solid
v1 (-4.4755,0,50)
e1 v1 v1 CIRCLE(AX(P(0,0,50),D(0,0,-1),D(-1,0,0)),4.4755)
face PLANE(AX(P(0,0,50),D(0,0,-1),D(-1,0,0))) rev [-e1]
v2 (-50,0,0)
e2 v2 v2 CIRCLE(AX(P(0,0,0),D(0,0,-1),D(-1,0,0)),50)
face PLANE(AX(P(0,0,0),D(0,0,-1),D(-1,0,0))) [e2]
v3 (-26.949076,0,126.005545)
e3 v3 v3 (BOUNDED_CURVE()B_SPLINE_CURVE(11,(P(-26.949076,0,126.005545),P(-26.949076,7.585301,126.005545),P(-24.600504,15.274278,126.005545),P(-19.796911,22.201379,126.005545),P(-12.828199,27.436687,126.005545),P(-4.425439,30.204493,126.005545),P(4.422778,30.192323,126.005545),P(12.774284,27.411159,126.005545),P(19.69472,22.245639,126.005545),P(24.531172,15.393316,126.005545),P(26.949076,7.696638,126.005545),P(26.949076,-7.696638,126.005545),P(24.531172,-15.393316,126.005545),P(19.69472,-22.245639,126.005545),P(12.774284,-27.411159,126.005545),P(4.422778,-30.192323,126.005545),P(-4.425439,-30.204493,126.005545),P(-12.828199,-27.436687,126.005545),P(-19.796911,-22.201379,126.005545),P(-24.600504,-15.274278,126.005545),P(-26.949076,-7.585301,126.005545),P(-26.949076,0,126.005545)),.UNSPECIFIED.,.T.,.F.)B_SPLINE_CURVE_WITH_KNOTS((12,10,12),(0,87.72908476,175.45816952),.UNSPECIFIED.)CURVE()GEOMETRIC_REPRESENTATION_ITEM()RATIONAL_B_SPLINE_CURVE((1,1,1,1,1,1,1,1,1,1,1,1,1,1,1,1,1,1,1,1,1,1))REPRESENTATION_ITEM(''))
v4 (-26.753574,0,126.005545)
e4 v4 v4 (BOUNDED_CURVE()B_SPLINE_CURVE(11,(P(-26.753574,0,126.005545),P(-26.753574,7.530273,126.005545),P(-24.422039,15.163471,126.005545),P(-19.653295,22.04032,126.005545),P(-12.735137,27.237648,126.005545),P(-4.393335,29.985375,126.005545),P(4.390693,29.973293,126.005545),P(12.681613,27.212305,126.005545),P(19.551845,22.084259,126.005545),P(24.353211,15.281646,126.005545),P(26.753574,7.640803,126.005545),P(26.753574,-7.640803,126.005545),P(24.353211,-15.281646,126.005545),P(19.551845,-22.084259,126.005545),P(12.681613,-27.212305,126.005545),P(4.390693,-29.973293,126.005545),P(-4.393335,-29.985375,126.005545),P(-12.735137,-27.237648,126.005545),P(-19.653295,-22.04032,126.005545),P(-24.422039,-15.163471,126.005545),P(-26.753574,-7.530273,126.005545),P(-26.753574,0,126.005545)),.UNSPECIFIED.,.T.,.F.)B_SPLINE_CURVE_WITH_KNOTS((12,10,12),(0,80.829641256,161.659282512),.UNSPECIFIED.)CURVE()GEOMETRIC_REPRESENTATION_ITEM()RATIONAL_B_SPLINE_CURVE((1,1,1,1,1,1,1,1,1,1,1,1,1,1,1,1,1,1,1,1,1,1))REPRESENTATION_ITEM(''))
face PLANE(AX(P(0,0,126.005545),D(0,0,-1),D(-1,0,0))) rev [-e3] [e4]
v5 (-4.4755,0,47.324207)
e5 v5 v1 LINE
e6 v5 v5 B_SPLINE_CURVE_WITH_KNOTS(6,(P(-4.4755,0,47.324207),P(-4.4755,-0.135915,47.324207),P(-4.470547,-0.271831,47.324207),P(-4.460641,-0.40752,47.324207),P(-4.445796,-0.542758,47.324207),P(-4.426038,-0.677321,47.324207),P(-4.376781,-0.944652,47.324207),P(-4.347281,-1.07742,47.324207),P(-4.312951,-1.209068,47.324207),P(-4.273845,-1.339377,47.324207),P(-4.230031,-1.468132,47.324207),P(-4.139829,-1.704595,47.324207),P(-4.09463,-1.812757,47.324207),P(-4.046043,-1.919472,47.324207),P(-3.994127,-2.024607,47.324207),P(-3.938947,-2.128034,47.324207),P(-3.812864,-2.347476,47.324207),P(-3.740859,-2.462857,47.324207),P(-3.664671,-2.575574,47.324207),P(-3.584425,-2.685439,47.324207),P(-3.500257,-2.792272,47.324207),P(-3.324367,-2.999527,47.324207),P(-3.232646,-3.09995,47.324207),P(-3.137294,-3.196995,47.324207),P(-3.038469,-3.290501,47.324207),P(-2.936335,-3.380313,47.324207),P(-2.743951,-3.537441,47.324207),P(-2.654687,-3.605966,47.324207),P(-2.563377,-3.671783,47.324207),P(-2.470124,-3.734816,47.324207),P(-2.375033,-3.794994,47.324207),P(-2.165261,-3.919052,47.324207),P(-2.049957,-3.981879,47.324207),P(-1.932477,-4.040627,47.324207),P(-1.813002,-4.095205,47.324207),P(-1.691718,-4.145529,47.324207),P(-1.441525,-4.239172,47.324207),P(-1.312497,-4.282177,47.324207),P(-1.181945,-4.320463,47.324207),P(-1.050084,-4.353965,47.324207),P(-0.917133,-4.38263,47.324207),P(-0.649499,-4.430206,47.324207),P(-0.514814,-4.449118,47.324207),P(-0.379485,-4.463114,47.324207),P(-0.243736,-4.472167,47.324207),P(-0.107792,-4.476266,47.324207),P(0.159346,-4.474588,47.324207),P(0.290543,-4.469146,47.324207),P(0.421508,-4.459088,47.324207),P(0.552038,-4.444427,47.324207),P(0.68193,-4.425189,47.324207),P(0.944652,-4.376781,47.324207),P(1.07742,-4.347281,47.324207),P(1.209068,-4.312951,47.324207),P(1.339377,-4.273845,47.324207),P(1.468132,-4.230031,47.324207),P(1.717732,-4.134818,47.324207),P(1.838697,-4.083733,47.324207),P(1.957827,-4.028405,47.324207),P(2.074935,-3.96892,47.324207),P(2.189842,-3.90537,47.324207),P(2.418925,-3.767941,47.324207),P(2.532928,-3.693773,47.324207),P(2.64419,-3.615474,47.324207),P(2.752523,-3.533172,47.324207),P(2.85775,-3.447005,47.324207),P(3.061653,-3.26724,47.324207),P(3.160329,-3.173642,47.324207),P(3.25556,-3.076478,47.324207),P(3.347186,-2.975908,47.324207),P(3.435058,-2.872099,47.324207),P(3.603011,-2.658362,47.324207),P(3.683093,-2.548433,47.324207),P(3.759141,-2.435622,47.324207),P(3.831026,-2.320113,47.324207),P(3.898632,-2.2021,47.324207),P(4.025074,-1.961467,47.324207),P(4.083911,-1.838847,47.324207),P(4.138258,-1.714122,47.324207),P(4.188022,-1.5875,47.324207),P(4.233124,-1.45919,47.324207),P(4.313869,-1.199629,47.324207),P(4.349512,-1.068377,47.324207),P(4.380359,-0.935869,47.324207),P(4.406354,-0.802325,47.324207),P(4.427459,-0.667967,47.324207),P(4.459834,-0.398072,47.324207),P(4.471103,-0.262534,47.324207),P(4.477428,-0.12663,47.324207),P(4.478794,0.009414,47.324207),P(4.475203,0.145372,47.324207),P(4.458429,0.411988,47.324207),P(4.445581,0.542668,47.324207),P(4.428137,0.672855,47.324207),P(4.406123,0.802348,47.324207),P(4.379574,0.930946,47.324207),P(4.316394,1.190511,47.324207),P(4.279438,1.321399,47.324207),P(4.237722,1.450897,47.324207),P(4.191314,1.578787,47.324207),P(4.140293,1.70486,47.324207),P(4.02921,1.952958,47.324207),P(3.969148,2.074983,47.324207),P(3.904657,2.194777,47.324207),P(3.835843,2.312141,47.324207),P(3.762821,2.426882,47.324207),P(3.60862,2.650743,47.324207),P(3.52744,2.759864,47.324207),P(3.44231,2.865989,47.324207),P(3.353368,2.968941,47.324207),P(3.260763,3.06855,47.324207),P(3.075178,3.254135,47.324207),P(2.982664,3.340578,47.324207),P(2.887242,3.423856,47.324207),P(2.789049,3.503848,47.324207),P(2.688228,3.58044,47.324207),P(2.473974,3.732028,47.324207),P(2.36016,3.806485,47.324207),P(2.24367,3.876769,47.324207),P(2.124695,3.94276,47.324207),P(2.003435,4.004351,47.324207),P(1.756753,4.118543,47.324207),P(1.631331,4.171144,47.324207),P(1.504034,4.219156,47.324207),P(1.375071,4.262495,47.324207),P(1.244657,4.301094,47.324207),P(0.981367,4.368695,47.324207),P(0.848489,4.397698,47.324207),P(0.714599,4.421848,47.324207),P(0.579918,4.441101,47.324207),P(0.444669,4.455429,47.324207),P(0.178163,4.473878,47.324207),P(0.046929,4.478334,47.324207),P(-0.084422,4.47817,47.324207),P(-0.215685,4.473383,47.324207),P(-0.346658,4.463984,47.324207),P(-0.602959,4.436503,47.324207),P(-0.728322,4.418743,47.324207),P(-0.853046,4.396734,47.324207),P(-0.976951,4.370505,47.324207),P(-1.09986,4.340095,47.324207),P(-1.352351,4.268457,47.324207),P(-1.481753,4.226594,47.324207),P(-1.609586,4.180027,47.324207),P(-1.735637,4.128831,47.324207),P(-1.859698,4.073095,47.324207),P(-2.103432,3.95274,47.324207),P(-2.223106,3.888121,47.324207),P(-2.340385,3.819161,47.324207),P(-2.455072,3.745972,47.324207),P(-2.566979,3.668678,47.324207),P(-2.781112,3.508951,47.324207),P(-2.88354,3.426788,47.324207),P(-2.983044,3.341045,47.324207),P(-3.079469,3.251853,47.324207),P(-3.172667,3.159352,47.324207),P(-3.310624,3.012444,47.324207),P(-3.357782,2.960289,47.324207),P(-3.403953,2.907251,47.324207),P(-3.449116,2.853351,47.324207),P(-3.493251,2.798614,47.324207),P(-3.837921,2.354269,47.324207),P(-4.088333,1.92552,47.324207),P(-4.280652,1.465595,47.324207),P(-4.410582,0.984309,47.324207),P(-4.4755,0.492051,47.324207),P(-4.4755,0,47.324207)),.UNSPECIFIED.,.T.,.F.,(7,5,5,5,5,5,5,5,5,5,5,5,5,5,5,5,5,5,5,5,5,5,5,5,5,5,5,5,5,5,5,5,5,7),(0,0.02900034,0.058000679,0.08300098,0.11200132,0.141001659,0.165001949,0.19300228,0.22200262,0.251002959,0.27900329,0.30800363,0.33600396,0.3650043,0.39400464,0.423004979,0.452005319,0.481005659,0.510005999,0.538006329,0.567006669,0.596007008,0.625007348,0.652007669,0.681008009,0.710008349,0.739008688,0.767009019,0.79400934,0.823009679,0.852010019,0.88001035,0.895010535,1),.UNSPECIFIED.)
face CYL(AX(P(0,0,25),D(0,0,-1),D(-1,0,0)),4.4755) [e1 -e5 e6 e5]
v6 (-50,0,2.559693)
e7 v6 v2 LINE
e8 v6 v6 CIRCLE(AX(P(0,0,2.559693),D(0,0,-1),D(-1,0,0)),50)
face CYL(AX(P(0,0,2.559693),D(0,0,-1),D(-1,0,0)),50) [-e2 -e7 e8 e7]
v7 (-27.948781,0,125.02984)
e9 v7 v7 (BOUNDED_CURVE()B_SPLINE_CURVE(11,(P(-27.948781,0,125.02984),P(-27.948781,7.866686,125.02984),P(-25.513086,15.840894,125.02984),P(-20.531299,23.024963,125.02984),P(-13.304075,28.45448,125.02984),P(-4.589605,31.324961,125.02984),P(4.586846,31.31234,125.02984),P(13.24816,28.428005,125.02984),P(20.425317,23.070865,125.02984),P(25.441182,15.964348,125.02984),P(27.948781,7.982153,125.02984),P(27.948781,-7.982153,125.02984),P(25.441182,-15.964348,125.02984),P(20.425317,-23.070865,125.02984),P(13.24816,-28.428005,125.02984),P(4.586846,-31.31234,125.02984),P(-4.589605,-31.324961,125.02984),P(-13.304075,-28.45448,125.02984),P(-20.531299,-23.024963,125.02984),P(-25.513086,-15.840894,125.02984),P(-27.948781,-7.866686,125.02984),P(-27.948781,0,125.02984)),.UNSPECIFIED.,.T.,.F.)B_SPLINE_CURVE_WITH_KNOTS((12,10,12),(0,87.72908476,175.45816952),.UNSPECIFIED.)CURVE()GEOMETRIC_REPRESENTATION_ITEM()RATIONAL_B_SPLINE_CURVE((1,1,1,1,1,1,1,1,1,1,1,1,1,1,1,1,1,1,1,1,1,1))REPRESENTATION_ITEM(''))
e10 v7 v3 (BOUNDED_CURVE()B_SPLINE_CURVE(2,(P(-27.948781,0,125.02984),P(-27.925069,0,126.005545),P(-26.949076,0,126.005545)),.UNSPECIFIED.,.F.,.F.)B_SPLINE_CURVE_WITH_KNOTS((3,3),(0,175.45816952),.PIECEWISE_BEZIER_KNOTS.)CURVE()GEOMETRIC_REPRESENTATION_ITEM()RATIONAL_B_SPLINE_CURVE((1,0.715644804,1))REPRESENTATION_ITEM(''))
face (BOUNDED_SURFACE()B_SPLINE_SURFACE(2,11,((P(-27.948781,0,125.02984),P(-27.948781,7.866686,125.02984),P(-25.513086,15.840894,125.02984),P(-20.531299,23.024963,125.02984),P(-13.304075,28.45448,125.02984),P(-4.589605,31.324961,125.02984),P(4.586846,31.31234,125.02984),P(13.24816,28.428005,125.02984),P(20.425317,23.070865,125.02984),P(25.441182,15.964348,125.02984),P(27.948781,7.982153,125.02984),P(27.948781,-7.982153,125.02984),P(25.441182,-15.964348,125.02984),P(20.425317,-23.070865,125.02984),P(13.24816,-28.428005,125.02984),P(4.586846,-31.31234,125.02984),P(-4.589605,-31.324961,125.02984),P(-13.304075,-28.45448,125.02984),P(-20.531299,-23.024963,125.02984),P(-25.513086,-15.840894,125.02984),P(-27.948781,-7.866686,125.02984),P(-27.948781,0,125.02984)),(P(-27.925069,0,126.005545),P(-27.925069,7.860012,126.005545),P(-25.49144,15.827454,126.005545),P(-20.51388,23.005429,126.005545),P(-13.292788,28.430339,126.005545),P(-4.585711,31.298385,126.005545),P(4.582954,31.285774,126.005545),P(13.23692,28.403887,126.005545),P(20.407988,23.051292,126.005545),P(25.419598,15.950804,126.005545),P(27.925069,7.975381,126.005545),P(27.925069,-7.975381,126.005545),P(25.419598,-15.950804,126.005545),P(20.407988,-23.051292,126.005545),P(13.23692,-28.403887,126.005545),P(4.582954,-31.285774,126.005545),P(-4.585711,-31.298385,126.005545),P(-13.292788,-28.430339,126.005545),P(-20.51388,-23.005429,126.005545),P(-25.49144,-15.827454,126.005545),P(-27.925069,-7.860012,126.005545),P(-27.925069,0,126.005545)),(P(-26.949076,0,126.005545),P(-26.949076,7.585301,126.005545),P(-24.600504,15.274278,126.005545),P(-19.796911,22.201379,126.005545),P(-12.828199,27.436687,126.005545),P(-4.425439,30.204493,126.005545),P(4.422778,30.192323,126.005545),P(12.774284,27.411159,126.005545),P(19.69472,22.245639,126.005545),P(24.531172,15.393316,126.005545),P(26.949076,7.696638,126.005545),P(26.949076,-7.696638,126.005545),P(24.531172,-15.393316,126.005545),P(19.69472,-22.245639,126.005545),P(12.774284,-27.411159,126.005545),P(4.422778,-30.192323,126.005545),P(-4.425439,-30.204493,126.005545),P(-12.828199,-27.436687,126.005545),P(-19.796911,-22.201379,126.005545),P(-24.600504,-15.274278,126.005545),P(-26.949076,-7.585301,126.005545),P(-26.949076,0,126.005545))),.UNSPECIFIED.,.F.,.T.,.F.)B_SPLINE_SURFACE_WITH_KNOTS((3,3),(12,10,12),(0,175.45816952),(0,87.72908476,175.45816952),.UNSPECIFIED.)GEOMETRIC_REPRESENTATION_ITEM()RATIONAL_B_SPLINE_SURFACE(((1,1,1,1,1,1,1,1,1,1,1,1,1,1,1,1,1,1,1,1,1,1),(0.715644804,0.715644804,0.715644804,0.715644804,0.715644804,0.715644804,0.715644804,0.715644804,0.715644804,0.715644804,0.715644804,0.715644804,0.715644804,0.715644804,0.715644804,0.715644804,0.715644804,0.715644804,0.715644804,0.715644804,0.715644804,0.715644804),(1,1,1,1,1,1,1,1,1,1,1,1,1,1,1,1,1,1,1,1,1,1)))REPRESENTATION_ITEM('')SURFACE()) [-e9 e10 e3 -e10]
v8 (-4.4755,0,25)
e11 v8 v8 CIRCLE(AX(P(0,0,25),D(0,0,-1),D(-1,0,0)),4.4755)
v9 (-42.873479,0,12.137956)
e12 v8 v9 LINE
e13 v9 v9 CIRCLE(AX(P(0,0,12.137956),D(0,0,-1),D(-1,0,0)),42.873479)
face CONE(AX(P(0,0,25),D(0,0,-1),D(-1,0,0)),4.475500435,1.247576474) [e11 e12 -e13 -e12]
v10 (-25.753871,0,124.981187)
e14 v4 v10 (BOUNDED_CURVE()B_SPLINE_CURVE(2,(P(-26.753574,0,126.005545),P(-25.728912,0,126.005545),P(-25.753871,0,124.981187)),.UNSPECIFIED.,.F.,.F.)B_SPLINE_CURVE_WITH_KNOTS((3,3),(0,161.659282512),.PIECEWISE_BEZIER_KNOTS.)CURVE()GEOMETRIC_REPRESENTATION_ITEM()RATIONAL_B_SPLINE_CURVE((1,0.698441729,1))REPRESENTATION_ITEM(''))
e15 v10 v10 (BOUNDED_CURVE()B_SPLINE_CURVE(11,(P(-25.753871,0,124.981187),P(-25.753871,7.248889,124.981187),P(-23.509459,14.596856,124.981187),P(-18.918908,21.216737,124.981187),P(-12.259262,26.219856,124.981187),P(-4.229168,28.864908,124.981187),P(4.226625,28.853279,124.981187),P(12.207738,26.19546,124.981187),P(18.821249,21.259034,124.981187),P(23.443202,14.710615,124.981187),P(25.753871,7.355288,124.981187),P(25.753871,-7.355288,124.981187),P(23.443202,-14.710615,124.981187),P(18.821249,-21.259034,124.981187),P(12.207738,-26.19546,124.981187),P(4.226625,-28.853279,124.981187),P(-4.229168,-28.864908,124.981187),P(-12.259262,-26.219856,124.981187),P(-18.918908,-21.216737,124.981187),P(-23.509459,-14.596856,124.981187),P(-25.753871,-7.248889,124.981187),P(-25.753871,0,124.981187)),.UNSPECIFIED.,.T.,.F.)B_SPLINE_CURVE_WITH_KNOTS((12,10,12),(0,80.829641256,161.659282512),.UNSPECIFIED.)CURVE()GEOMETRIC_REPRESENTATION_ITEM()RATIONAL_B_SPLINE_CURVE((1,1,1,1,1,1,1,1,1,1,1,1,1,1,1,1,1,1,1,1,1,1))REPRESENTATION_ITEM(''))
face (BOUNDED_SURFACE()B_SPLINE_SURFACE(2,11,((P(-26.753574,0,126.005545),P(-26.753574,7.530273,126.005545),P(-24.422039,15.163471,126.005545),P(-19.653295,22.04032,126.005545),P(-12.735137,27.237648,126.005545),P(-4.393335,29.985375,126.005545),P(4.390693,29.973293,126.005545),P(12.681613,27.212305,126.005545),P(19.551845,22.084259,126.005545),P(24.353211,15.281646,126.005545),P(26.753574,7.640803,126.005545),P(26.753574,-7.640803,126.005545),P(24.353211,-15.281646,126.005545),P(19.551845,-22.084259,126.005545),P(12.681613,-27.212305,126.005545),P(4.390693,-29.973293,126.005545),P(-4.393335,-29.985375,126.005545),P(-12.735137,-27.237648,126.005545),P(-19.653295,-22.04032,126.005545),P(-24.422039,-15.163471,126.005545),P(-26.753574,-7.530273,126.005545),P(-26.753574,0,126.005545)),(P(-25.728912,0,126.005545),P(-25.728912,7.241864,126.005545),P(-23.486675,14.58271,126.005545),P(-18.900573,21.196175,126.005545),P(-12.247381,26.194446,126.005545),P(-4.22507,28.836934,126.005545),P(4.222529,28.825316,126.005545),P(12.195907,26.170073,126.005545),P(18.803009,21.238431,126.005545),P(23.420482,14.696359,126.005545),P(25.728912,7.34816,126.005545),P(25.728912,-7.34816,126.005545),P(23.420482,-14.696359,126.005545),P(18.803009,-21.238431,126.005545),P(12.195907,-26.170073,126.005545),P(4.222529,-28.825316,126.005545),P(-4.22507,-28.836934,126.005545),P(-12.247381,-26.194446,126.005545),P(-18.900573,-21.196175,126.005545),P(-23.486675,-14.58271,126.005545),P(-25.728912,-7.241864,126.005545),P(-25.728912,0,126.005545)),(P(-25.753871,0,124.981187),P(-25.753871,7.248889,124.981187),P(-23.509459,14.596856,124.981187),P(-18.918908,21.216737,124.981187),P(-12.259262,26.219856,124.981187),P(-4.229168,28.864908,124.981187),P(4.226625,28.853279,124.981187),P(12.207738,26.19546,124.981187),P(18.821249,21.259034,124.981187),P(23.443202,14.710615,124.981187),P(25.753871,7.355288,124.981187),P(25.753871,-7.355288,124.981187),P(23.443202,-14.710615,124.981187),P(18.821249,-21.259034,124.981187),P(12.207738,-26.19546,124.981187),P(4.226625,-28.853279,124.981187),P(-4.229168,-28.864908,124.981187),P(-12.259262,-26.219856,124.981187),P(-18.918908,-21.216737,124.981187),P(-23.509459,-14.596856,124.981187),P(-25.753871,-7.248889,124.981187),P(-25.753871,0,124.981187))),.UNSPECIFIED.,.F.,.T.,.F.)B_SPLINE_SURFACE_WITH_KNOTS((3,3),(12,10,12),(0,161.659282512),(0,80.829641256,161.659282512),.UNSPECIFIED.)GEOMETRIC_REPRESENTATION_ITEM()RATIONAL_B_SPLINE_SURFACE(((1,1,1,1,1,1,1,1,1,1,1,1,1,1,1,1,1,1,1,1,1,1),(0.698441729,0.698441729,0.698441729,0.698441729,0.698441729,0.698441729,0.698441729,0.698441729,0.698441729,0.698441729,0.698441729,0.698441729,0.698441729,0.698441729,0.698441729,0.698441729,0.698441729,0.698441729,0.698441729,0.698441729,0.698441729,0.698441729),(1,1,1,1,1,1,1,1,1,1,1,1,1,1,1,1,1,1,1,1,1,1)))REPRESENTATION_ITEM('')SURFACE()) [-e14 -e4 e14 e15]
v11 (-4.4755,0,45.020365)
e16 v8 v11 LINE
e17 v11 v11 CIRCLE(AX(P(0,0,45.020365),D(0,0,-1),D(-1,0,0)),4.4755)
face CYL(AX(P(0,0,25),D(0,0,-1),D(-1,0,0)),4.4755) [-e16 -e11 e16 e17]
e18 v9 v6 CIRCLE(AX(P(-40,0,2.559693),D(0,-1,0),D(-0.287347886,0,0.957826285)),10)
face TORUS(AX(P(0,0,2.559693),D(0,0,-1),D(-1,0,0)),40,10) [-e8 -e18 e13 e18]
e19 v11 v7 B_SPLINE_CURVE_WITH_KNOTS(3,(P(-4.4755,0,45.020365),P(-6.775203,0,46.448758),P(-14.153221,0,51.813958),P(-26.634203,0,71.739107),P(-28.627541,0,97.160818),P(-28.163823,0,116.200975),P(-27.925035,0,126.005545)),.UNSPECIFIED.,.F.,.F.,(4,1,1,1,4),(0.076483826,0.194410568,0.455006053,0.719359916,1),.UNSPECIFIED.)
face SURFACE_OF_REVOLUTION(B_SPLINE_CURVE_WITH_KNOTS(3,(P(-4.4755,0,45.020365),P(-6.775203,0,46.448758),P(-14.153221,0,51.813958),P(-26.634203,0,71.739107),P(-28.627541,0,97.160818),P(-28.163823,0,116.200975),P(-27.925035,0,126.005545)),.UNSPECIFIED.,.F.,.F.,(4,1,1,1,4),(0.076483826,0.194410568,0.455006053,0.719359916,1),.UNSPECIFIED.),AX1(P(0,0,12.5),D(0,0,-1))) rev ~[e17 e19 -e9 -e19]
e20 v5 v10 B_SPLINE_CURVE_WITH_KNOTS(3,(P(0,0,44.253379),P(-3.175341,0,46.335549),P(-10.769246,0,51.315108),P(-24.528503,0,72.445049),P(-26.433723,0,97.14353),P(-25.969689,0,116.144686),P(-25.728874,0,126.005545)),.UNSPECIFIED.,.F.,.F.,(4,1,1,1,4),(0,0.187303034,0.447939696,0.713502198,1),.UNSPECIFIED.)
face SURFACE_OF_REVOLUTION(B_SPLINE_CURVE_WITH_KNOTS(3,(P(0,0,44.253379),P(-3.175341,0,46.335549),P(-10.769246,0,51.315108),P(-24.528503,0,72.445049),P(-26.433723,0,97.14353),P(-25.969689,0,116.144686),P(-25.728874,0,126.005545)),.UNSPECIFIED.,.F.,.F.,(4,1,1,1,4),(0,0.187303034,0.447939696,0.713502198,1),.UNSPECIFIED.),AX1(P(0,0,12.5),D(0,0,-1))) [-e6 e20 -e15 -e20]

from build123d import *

# Parameters (mm, degrees)
F2_DEPTH = 25
F4_R     = 1


with BuildPart() as f1:
    # F0 (on Front) → F1 (revolve)
    with BuildSketch(Plane.XZ):
        with BuildLine():
            Line((-50, 0), (0, 0))
            Line((0, 0), (0, 25))
            Line((0, 25), (-4.4755004346, 25))
            Line((-4.4755004346, 25), (-42.8734788557, 12.1379563433))
            ThreePointArc((-42.8734788557, 12.1379563433), (-48.0229292829, 8.5289987875), (-50, 2.5596934911))
            Line((-50, 2.5596934911), (-50, 0))
        make_face()
    revolve(axis=Axis((0, 0, 12.5), (0, 0, -1)))

    # F2 (add): a face of the model
    f2_faces = [f1.faces().sort_by_distance(p)[0] for p in [
        (0, 0, 25),
    ]]
    extrude(f2_faces, amount=F2_DEPTH)

    # F0 (on Front) → F3 (revolve)
    with BuildSketch(Plane.XZ):
        with BuildLine():
            Line((-50, 0), (0, 0))
            Line((0, 0), (0, 25))
            Line((0, 25), (-4.4755004346, 25))
            Line((-4.4755004346, 25), (-42.8734788557, 12.1379563433))
            ThreePointArc((-42.8734788557, 12.1379563433), (-48.0229292829, 8.5289987875), (-50, 2.5596934911))
            Line((-50, 2.5596934911), (-50, 0))
        make_face()
        with BuildLine():
            Line((-4.4755004346, 25), (0, 25))
            Line((0, 25), (0, 42.4456484616))
            add(Edge.make_bspline(
                [(0, 42.4456484616), (-1.4919902335, 43.2697997935), (-2.983980467, 44.0939511254), (-4.4755004346, 45.0203647819)],
                knots=[0, 0, 0, 0, 0.0764838264, 0.0764838264, 0.0764838264, 0.0764838264], degree=3))
            Line((-4.4755004346, 45.0203647819), (-4.4755004346, 25))
        make_face()
        with BuildLine():
            add(Edge.make_bspline(
                [(0, 42.4456484616), (-1.4919902335, 43.2697997935), (-2.983980467, 44.0939511254), (-4.4755004346, 45.0203647819)],
                knots=[0, 0, 0, 0, 0.0764838264, 0.0764838264, 0.0764838264, 0.0764838264], degree=3))
            Line((0, 42.4456484616), (0, 44.2533791065))
            add(Edge.make_bspline(
                [(0, 44.2533791065), (-3.1753411774, 46.3355490679), (-10.7692457317, 51.3151084504), (-24.5285032708, 72.4450488124), (-26.4337229746, 97.1435303304), (-25.9696893112, 116.1446855624), (-25.7288739085, 126.0055452585)],
                knots=[0, 0, 0, 0, 0.1873030339, 0.4479396962, 0.7135021985, 1, 1, 1, 1], degree=3))
            Line((-25.7288739085, 126.0055452585), (-27.9250349849, 126.0055452585))
            add(Edge.make_bspline(
                [(-4.4755004346, 45.0203647819), (-6.7752034944, 46.44875754), (-14.153220868, 51.8139576688), (-26.6342026524, 71.7391068983), (-28.6275409804, 97.1608176734), (-28.163822794, 116.2009751254), (-27.9250349849, 126.0055452585)],
                knots=[0.0764838264, 0.0764838264, 0.0764838264, 0.0764838264, 0.1944105677, 0.4550060527, 0.7193599164, 1, 1, 1, 1], degree=3))
        make_face()
    revolve(axis=Axis((0, 0, 12.5), (0, 0, -1)))

    # F4
    f4_edges = [f1.edges().sort_by_distance(p)[0] for p in [
        (27.925035, 0, 126.005545),
        (25.728874, 0, 126.005545),
    ]]
    fillet(f4_edges, radius=F4_R)


solid = f1.part
